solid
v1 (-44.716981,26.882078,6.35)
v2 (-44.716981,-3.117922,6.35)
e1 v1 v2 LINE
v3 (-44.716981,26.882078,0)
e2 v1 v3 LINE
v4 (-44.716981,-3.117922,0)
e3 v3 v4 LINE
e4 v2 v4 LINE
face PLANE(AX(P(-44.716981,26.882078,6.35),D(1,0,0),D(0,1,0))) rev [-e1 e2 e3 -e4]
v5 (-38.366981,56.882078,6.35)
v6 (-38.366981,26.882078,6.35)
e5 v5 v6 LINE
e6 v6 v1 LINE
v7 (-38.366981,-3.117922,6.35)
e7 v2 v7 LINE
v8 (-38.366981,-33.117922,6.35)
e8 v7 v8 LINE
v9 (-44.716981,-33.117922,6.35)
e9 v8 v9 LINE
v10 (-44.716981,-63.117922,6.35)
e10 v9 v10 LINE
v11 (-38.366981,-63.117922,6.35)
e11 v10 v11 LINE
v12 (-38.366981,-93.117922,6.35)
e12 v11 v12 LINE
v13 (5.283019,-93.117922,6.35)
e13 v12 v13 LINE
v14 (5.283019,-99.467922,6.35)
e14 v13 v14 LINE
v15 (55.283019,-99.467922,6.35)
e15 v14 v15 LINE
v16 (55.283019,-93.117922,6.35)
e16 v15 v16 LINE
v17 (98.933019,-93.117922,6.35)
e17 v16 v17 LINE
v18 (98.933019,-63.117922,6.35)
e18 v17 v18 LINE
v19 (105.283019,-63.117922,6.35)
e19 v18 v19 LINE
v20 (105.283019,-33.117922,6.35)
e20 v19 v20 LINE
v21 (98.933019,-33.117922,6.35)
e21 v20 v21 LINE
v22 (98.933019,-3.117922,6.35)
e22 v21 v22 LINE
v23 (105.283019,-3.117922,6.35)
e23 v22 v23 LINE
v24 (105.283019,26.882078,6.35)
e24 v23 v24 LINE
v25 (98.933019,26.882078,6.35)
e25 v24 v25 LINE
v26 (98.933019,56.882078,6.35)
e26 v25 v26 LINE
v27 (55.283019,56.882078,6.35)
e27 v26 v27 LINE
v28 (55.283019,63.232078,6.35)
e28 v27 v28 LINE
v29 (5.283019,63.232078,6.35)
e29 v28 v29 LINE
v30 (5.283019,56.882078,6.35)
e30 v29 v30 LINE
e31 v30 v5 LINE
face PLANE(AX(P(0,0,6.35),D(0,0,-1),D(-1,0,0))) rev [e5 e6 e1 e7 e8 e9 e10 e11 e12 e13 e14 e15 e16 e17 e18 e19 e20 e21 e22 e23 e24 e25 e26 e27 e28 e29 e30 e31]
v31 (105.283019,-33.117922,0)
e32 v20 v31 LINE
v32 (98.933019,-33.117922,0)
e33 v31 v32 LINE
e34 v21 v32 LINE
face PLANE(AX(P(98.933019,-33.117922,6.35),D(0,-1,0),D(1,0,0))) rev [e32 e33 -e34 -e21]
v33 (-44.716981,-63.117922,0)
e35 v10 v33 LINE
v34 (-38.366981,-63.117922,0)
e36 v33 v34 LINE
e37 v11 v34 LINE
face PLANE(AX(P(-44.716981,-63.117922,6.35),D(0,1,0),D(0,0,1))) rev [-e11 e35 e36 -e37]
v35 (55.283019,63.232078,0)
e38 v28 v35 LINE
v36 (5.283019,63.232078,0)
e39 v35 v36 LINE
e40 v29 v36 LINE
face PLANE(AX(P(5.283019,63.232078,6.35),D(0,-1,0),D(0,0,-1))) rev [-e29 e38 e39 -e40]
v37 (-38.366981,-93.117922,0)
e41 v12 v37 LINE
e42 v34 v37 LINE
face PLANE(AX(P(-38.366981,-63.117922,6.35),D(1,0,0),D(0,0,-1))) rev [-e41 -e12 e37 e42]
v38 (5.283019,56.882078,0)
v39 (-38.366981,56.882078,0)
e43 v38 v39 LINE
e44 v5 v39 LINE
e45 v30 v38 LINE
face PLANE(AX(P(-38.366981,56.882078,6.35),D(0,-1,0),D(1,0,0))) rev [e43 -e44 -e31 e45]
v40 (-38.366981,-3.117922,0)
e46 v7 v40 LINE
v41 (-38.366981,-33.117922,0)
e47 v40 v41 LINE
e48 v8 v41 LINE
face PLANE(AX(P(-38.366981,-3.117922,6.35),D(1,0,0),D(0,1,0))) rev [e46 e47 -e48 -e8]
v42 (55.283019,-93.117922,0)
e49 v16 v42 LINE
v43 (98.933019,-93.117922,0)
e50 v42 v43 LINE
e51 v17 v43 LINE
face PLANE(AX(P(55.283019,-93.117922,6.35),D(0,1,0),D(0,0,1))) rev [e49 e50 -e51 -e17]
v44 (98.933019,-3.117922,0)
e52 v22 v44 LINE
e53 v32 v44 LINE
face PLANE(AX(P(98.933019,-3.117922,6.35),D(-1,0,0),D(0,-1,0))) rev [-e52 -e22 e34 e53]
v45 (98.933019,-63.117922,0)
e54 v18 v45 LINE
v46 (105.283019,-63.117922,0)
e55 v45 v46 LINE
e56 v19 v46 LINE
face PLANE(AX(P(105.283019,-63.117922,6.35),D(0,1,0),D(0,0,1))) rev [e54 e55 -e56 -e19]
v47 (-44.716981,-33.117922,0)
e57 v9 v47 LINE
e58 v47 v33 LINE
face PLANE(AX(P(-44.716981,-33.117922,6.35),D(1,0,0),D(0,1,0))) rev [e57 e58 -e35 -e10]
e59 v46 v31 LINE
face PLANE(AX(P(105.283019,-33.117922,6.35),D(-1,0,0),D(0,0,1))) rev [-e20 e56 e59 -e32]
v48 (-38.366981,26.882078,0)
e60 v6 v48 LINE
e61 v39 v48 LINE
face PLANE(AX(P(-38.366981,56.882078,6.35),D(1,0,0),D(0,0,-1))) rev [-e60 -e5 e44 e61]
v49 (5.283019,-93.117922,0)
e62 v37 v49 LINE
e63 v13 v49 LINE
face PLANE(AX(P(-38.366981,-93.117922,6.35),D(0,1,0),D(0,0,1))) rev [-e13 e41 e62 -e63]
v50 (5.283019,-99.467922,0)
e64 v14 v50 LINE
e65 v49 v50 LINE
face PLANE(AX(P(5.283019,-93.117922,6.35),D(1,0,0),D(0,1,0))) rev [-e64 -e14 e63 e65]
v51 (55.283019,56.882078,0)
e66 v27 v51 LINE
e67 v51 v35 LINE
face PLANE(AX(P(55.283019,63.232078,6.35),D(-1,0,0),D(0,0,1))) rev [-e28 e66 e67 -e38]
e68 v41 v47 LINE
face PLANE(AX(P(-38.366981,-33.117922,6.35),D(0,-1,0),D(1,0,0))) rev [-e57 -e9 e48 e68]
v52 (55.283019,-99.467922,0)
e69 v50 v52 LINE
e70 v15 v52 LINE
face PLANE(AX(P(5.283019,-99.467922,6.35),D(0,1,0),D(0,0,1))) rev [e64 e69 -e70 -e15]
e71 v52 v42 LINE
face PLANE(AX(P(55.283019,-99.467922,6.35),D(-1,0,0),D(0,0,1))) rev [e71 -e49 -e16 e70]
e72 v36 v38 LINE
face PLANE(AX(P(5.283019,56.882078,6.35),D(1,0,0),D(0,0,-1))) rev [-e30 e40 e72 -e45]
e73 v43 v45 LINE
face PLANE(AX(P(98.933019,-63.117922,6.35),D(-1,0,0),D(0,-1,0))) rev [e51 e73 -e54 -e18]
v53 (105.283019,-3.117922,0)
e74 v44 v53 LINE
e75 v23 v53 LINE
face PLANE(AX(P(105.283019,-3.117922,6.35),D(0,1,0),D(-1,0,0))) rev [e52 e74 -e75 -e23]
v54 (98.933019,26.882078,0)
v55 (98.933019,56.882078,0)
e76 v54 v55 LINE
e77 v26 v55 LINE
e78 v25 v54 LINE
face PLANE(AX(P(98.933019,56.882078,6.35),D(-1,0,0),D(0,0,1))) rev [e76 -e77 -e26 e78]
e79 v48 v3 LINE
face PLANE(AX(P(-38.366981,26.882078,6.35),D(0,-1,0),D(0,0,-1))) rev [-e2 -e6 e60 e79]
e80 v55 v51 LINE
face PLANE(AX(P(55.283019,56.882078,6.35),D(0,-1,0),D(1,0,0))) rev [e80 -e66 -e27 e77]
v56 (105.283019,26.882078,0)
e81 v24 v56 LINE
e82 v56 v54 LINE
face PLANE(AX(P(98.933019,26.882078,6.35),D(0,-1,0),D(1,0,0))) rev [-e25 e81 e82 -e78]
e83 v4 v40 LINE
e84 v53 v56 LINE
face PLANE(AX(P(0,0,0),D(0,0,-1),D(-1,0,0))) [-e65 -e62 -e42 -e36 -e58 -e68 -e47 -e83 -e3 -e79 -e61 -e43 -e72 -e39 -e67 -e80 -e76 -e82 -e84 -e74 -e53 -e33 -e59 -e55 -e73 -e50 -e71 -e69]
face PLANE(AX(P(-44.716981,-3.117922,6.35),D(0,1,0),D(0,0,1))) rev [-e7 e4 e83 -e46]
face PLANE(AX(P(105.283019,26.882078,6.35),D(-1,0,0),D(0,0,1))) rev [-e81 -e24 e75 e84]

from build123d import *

# Parameters (mm, degrees)
BOSS_EXTRUDE1_DEPTH = 6.35


with BuildPart() as part:
    # Sketch1 → Boss-Extrude1 (new body)
    with BuildSketch(Plane.XY):
        Polygon((105.283018868, -33.117921942), (105.283018868, -63.117921942), (98.933018868, -63.117921942), (98.933018868, -93.117921942), (55.283018868, -93.117921942), (55.283018868, -99.467921942), (5.283018868, -99.467921942), (5.283018868, -93.117921942), (-38.366981132, -93.117921942), (-38.366981132, -63.117921942), (-44.716981132, -63.117921942), (-44.716981132, -33.117921942), (-38.366981132, -33.117921942), (-38.366981132, -3.117921942), (-44.716981132, -3.117921942), (-44.716981132, 26.882078058), (-38.366981132, 26.882078058), (-38.366981132, 56.882078058), (5.283018868, 56.882078058), (5.283018868, 63.232078058), (55.283018868, 63.232078058), (55.283018868, 56.882078058), (98.933018868, 56.882078058), (98.933018868, 26.882078058), (105.283018868, 26.882078058), (105.283018868, -3.117921942), (98.933018868, -3.117921942), (98.933018868, -33.117921942), align=None)
    extrude(amount=BOSS_EXTRUDE1_DEPTH)


solid = part.part
